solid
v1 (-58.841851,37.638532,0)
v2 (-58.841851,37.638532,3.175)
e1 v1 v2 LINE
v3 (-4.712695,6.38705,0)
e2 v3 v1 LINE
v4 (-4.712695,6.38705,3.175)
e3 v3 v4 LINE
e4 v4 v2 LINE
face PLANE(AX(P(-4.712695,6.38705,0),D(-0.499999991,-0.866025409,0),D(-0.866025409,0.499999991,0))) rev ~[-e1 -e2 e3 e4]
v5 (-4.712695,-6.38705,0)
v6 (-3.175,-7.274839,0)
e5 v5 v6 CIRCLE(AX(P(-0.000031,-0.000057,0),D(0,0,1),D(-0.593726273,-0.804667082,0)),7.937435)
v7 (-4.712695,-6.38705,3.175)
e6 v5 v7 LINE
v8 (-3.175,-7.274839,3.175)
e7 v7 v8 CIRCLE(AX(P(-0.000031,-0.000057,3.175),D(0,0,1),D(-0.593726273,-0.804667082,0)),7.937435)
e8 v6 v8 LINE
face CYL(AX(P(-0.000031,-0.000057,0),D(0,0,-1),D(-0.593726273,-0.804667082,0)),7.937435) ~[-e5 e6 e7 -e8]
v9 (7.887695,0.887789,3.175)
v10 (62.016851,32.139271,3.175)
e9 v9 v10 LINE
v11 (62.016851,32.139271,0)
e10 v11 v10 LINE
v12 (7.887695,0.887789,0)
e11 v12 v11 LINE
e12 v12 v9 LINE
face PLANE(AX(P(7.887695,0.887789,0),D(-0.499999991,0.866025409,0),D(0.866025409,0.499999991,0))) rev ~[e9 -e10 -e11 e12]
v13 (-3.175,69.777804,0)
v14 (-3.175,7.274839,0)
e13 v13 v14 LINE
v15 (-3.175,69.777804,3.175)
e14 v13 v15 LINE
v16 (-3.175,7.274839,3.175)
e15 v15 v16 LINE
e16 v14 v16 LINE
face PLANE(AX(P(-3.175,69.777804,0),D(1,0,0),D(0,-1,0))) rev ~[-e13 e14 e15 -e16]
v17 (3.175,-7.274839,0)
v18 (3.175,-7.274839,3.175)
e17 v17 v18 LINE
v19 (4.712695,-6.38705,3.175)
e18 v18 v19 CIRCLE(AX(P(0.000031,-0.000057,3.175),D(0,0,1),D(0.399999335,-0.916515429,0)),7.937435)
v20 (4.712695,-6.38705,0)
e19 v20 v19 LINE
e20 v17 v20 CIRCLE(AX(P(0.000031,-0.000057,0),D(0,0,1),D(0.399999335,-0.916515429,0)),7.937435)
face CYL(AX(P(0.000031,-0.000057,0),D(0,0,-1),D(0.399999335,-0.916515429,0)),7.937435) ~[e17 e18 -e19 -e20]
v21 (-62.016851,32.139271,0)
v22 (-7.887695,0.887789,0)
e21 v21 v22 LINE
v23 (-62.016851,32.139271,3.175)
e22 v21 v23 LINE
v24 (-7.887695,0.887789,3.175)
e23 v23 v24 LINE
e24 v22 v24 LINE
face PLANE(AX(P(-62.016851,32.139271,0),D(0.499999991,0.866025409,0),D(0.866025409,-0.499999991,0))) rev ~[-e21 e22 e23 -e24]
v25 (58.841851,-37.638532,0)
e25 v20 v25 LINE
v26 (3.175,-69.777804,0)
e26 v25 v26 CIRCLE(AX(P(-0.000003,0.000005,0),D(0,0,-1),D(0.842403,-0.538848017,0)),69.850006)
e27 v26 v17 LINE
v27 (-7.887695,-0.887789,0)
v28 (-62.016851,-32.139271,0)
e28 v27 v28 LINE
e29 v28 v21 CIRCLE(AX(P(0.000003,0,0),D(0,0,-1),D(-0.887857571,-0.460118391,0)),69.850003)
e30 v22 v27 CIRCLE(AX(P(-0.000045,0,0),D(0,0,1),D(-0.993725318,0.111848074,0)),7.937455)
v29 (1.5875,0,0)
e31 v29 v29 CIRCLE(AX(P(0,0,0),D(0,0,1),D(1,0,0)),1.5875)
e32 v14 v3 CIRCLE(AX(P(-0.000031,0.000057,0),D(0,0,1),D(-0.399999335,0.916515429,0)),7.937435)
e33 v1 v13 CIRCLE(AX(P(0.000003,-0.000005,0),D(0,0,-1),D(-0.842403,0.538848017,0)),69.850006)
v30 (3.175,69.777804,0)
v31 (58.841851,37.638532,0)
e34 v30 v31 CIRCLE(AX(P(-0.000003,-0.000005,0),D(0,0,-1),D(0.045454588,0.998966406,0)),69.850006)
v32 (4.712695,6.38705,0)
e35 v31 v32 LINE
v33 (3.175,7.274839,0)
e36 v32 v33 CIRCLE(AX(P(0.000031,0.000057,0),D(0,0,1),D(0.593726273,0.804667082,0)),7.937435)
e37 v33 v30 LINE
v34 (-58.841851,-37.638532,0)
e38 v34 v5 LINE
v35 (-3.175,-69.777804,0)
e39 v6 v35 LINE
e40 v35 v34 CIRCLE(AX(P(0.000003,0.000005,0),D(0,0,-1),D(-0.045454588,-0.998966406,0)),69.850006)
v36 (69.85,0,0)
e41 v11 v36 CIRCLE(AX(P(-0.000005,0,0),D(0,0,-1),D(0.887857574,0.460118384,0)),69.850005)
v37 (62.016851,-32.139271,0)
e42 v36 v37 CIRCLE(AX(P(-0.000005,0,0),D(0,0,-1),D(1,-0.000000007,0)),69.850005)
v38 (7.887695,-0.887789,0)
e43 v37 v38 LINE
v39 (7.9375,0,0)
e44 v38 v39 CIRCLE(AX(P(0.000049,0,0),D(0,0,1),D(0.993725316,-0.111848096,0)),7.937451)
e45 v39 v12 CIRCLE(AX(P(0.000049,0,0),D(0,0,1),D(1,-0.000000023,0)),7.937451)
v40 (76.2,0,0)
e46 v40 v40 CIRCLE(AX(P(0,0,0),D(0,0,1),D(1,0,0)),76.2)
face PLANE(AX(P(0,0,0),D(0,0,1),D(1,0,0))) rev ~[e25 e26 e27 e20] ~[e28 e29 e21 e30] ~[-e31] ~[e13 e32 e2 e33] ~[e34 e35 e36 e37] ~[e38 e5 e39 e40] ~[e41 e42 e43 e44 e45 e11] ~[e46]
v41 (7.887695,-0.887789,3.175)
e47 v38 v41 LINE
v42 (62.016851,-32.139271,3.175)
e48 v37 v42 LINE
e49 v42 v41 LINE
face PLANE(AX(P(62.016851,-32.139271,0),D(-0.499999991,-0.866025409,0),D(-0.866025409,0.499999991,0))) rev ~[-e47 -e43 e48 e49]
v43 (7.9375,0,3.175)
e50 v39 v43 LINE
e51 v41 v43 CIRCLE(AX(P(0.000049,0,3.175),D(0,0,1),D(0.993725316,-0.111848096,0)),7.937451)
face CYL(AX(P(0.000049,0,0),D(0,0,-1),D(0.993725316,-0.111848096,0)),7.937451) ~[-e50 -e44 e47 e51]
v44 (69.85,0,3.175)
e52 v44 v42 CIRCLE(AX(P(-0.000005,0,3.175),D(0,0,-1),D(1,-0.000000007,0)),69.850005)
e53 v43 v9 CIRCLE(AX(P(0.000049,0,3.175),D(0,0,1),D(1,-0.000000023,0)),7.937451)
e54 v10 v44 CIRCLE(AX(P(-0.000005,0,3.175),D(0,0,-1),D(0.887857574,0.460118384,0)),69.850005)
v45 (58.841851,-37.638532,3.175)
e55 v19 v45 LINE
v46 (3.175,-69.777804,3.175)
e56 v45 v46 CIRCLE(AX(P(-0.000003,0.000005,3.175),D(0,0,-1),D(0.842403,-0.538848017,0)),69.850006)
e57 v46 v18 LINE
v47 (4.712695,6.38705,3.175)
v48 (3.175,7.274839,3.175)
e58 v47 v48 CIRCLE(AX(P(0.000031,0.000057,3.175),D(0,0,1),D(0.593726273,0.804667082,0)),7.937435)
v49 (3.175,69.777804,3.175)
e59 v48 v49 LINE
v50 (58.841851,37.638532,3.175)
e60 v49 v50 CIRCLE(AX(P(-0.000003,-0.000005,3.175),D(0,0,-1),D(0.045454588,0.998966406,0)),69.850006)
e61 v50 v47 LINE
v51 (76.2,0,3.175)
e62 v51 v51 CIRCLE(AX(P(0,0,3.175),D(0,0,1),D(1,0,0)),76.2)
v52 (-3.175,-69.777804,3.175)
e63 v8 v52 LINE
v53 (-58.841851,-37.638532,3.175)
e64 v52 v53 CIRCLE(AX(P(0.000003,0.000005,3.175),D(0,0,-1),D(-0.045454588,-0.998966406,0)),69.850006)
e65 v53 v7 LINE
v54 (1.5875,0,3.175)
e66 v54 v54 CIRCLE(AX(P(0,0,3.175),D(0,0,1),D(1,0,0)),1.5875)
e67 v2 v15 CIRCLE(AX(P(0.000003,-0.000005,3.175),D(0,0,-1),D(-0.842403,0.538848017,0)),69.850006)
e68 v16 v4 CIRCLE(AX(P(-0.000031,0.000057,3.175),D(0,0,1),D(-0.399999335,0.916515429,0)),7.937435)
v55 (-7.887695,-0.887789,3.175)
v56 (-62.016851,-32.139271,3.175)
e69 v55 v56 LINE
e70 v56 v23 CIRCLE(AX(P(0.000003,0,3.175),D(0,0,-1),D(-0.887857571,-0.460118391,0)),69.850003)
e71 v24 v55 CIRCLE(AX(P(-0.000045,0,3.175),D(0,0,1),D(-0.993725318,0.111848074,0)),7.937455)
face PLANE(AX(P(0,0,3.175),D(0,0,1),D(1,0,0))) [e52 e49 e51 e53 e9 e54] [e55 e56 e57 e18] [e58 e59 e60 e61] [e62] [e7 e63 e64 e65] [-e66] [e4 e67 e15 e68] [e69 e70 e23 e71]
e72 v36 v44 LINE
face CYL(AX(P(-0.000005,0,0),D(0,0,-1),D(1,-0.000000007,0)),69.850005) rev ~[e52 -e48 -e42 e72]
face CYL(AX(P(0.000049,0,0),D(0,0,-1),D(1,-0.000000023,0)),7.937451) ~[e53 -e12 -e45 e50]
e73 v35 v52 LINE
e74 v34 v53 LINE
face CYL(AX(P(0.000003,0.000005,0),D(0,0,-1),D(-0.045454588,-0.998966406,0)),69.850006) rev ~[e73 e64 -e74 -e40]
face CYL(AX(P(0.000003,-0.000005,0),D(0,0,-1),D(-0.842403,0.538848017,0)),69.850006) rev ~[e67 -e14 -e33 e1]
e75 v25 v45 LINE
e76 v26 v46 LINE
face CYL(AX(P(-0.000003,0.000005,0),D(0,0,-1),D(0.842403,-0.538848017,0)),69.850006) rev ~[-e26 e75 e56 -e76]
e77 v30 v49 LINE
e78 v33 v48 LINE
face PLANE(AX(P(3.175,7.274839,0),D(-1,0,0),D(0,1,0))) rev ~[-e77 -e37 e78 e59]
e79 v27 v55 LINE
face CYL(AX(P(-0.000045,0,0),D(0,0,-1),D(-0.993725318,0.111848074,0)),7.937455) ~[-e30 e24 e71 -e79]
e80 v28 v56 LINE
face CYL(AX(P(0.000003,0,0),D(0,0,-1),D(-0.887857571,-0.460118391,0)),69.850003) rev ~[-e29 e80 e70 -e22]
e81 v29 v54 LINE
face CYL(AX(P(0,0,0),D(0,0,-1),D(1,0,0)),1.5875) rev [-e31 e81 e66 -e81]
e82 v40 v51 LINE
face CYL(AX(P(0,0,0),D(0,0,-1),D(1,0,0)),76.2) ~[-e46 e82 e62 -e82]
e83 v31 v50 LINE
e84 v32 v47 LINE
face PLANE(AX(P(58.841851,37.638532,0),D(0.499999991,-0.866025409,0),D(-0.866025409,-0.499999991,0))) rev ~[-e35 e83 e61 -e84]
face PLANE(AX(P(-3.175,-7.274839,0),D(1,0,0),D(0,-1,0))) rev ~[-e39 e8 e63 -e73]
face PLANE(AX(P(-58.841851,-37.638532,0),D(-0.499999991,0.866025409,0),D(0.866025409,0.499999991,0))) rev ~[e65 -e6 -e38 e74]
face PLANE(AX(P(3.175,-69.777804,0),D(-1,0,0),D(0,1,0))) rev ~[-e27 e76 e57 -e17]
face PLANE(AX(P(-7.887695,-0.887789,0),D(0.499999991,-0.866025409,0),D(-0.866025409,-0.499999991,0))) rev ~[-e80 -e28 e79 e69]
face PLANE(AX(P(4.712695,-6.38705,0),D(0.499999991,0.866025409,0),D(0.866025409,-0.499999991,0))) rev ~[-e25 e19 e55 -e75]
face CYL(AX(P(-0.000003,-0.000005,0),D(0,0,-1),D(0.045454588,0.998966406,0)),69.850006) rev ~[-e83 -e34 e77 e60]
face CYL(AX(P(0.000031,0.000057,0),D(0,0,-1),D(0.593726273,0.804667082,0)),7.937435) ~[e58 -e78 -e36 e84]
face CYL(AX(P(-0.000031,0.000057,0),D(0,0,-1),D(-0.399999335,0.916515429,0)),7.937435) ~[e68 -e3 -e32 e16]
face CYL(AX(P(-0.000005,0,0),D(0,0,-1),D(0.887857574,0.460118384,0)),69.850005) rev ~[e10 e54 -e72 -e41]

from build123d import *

# Parameters (mm, degrees)
F0_R     = 76.2
F0_R_2   = 1.5875
F1_DEPTH = 3.175


with BuildPart() as f1:
    # F0 (on Top) → F1 (new body)
    with BuildSketch(Plane.XY):
        Circle(F0_R)
        with BuildLine():
            ThreePointArc((62.016851, 32.139271), (67.863464, 16.540035), (69.85, 0))
            ThreePointArc((69.85, 0), (67.863464, -16.540035), (62.016851, -32.139271))
            ThreePointArc((62.016851, -32.139271), (60.491874, -34.925), (58.841851, -37.638532))
            ThreePointArc((58.841851, -37.638532), (34.925, -60.491874), (3.175, -69.777804))
            ThreePointArc((3.175, -69.777804), (0, -69.85), (-3.175, -69.777804))
            ThreePointArc((-3.175, -69.777804), (-34.925, -60.491874), (-58.841851, -37.638532))
            ThreePointArc((-58.841851, -37.638532), (-60.491874, -34.925), (-62.016851, -32.139271))
            ThreePointArc((-62.016851, -32.139271), (-69.85, 0), (-62.016851, 32.139271))
            ThreePointArc((-62.016851, 32.139271), (-60.491874, 34.925), (-58.841851, 37.638532))
            ThreePointArc((-58.841851, 37.638532), (-34.925, 60.491874), (-3.175, 69.777804))
            ThreePointArc((-3.175, 69.777804), (0, 69.85), (3.175, 69.777804))
            ThreePointArc((3.175, 69.777804), (34.925, 60.491874), (58.841851, 37.638532))
            ThreePointArc((58.841851, 37.638532), (60.491874, 34.925), (62.016851, 32.139271))
        make_face(mode=Mode.SUBTRACT)
        with BuildLine():
            Line((-4.712695, 6.38705), (-58.841851, 37.638532))
            ThreePointArc((-58.841851, 37.638532), (-60.491874, 34.925), (-62.016851, 32.139271))
            Line((-62.016851, 32.139271), (-7.887695, 0.887789))
            ThreePointArc((-7.887695, 0.887789), (-6.874077, 3.96875), (-4.712695, 6.38705))
        make_face()
        with BuildLine():
            ThreePointArc((-62.016851, -32.139271), (-60.491874, -34.925), (-58.841851, -37.638532))
            Line((-58.841851, -37.638532), (-4.712695, -6.38705))
            ThreePointArc((-4.712695, -6.38705), (-6.874077, -3.96875), (-7.887695, -0.887789))
            Line((-7.887695, -0.887789), (-62.016851, -32.139271))
        make_face()
        with BuildLine():
            ThreePointArc((7.9375, 0), (7.925039, 0.444592), (7.887695, 0.887789))
            ThreePointArc((7.887695, 0.887789), (6.874077, 3.96875), (4.712695, 6.38705))
            ThreePointArc((4.712695, 6.38705), (3.96875, 6.874077), (3.175, 7.274839))
            Line((3.175, 7.274839), (-3.175, 7.274839))
            ThreePointArc((-3.175, 7.274839), (-3.96875, 6.874077), (-4.712695, 6.38705))
            ThreePointArc((-4.712695, 6.38705), (-6.874077, 3.96875), (-7.887695, 0.887789))
            ThreePointArc((-7.887695, 0.887789), (-7.9375, 0), (-7.887695, -0.887789))
            ThreePointArc((-7.887695, -0.887789), (-6.874077, -3.96875), (-4.712695, -6.38705))
            ThreePointArc((-4.712695, -6.38705), (-3.96875, -6.874077), (-3.175, -7.274839))
            ThreePointArc((-3.175, -7.274839), (0, -7.9375), (3.175, -7.274839))
            ThreePointArc((3.175, -7.274839), (3.96875, -6.874077), (4.712695, -6.38705))
            ThreePointArc((4.712695, -6.38705), (6.874077, -3.96875), (7.887695, -0.887789))
            ThreePointArc((7.887695, -0.887789), (7.925039, -0.444592), (7.9375, 0))
        make_face()
        Circle(F0_R_2, mode=Mode.SUBTRACT)
        with BuildLine():
            ThreePointArc((-3.175, -69.777804), (0, -69.85), (3.175, -69.777804))
            Line((3.175, -69.777804), (3.175, -7.274839))
            ThreePointArc((3.175, -7.274839), (0, -7.9375), (-3.175, -7.274839))
            Line((-3.175, -7.274839), (-3.175, -69.777804))
        make_face()
        with BuildLine():
            ThreePointArc((58.841851, -37.638532), (60.491874, -34.925), (62.016851, -32.139271))
            Line((62.016851, -32.139271), (7.887695, -0.887789))
            ThreePointArc((7.887695, -0.887789), (6.874077, -3.96875), (4.712695, -6.38705))
            Line((4.712695, -6.38705), (58.841851, -37.638532))
        make_face()
        with BuildLine():
            Line((7.887695, 0.887789), (62.016851, 32.139271))
            ThreePointArc((62.016851, 32.139271), (60.491874, 34.925), (58.841851, 37.638532))
            Line((58.841851, 37.638532), (4.712695, 6.38705))
            ThreePointArc((4.712695, 6.38705), (6.874077, 3.96875), (7.887695, 0.887789))
        make_face()
        with BuildLine():
            Line((3.175, 7.274839), (3.175, 69.777804))
            ThreePointArc((3.175, 69.777804), (0, 69.85), (-3.175, 69.777804))
            Line((-3.175, 69.777804), (-3.175, 7.274839))
            ThreePointArc((-3.175, 7.274839), (0, 7.9375), (3.175, 7.274839))
        make_face()
        with BuildLine():
            Line((-3.175, 7.274839), (3.175, 7.274839))
            ThreePointArc((3.175, 7.274839), (0, 7.9375), (-3.175, 7.274839))
        make_face()
    extrude(amount=F1_DEPTH)


solid = f1.part
